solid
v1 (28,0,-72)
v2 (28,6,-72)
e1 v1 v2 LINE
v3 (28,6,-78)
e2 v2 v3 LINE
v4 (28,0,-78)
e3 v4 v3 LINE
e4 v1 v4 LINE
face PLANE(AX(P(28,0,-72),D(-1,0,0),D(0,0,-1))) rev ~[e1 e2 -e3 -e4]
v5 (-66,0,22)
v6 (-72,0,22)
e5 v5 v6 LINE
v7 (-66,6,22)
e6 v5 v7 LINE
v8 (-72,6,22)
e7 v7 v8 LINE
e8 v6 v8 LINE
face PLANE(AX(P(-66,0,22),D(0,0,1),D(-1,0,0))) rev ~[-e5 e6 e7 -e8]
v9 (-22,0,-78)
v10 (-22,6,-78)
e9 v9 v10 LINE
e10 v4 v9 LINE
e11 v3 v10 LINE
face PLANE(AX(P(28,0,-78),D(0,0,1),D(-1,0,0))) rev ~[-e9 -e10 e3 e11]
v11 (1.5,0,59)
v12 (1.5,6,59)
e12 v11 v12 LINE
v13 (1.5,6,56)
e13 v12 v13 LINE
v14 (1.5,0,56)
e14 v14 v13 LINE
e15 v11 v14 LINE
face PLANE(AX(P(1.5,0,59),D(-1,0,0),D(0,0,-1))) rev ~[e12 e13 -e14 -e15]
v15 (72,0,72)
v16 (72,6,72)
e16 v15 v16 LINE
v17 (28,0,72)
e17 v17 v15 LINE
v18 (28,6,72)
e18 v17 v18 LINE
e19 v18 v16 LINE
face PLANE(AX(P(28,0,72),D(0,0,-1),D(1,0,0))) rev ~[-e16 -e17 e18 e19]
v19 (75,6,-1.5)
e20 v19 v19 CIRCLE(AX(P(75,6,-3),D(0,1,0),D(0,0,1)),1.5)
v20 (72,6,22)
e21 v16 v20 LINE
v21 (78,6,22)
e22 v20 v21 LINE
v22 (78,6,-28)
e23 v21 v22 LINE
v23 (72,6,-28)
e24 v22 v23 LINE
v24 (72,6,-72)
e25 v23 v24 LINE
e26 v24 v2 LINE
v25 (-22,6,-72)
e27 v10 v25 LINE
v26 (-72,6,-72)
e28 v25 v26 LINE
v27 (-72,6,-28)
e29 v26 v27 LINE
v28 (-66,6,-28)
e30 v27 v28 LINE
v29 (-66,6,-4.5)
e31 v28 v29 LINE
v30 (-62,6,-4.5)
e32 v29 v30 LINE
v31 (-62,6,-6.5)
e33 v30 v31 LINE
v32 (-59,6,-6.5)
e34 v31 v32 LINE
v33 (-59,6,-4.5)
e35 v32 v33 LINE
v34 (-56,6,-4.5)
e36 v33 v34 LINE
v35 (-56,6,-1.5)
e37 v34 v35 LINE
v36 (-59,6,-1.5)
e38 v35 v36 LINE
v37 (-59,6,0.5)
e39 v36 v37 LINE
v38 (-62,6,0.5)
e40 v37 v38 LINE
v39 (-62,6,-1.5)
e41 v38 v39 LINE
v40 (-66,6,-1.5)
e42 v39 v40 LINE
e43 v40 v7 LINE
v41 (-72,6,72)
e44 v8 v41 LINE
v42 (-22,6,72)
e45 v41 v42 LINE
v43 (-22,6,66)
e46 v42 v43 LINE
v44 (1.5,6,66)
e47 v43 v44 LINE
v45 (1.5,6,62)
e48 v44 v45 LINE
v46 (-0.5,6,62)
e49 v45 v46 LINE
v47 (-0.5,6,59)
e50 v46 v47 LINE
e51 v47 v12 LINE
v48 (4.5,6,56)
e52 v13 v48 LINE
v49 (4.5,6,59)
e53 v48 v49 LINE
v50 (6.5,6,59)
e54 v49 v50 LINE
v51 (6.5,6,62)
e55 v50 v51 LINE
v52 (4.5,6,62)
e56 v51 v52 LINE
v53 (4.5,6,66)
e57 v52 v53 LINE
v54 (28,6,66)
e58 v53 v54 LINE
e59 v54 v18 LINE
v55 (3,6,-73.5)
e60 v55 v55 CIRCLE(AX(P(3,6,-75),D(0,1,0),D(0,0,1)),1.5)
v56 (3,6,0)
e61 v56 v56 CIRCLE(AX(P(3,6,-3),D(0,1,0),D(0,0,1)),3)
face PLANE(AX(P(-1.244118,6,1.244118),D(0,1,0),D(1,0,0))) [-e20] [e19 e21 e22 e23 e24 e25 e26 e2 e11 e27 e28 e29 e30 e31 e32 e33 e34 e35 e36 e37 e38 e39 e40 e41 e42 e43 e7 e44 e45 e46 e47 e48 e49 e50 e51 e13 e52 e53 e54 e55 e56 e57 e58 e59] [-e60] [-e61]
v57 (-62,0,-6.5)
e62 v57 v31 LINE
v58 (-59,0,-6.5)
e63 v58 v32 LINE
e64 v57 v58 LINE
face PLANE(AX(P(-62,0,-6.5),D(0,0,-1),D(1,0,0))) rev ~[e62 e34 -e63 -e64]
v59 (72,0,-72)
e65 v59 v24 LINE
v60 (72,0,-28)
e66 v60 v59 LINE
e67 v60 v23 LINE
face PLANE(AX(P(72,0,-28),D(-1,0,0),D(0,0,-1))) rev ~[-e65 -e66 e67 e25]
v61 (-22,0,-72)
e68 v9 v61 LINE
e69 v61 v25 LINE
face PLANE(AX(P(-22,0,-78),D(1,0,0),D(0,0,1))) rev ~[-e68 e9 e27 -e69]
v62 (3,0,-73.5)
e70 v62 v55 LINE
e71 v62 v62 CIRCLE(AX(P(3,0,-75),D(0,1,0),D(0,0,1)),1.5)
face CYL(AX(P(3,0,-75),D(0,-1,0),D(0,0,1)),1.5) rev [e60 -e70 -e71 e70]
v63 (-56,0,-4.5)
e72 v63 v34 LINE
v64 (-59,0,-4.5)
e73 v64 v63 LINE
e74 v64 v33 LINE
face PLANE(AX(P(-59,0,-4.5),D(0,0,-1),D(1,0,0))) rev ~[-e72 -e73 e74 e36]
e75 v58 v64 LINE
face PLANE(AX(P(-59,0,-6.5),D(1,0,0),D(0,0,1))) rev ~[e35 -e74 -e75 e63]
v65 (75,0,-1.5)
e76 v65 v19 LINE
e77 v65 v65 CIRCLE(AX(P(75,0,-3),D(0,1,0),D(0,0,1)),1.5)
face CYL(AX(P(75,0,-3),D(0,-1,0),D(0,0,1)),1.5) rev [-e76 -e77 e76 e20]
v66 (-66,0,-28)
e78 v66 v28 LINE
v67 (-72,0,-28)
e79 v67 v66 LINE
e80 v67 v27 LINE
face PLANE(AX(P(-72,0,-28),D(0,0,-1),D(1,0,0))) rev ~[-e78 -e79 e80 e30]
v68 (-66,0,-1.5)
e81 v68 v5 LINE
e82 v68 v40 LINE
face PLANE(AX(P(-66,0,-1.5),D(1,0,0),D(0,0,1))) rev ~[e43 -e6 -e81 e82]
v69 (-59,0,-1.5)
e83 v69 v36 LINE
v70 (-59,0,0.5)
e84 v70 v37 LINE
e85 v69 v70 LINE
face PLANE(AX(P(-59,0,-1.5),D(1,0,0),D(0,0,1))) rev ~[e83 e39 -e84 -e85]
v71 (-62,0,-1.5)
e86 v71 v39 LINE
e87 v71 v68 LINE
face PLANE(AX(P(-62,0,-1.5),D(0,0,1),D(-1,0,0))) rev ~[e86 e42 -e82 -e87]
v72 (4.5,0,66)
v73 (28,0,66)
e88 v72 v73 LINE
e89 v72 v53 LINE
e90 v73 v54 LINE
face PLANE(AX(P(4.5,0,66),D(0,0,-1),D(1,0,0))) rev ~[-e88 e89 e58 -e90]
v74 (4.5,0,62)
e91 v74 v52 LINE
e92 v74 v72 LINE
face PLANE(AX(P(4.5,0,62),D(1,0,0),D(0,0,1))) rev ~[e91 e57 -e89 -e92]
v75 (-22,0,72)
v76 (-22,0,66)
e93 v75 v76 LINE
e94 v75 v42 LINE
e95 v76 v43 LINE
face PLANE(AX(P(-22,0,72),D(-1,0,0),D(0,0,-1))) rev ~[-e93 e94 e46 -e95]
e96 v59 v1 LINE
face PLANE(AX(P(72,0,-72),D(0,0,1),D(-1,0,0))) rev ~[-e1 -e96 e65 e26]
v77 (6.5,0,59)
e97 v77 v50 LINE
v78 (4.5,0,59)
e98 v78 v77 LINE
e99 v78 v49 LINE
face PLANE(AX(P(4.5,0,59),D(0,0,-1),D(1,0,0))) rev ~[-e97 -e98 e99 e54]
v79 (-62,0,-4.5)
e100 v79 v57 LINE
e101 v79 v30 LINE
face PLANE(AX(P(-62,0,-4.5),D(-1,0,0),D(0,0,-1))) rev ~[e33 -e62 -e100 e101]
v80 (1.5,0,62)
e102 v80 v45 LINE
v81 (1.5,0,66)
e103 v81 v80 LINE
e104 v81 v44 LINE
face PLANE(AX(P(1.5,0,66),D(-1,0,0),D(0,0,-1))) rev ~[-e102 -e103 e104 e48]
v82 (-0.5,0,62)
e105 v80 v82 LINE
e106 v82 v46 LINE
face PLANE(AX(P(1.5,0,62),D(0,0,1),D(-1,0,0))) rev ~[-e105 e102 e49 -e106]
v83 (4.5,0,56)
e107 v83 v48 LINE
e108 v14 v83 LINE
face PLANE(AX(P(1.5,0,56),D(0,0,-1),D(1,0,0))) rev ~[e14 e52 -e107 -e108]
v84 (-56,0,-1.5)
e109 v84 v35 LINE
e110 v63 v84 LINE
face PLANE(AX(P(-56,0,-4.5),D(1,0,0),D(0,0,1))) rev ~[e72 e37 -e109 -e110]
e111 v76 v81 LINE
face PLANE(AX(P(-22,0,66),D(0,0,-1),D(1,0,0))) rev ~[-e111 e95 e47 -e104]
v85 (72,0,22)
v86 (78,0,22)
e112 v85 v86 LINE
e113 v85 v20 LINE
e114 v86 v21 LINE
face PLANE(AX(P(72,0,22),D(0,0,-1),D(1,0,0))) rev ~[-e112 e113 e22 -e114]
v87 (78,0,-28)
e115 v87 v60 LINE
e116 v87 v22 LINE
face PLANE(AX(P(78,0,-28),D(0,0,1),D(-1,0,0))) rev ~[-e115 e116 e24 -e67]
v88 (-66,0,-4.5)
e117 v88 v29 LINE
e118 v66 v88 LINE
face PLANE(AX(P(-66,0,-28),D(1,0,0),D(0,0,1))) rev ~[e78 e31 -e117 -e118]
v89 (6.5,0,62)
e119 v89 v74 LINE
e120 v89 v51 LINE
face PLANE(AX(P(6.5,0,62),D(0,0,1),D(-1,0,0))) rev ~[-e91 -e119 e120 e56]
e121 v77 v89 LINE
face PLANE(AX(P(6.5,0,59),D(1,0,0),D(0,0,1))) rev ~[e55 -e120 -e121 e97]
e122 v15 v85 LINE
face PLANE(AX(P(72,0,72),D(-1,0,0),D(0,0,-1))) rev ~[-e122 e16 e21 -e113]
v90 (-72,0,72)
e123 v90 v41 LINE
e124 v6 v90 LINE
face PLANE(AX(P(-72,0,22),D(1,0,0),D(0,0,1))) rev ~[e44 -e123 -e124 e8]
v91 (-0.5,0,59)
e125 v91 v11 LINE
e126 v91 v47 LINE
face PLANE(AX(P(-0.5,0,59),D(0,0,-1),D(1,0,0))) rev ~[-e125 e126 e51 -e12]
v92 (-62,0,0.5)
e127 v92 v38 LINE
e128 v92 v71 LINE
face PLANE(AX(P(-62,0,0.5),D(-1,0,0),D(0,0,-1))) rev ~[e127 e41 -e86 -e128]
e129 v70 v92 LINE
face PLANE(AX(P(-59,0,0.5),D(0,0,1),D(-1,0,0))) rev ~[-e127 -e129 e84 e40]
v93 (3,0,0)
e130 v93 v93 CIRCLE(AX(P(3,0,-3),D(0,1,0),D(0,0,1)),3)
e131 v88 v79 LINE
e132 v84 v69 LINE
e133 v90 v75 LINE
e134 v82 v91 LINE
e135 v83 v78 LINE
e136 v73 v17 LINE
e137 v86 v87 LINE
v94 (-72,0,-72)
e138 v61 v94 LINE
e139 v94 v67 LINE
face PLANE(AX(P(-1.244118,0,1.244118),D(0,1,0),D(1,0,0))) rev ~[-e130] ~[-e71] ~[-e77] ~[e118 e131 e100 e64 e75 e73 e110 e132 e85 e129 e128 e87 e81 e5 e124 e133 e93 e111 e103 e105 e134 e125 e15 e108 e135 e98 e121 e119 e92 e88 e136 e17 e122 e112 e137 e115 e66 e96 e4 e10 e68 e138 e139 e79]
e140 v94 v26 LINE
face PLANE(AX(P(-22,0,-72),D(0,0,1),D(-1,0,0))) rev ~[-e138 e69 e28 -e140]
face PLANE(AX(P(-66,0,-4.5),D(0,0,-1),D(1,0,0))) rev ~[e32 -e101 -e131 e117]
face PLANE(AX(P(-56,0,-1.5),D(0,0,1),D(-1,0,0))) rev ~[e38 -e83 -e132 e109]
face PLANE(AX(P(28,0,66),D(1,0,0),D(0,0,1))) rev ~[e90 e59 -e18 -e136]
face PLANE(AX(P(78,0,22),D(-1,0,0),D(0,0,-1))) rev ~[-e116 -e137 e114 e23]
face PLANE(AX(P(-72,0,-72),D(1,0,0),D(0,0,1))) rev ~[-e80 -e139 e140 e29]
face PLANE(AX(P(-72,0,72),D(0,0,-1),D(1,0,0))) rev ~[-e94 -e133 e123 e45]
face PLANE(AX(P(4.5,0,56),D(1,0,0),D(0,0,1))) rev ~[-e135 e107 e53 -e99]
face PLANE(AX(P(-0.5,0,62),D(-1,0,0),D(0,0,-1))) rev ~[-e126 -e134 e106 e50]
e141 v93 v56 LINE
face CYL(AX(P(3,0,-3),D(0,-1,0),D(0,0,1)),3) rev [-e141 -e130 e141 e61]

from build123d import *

# Parameters (mm, degrees)
SKETCH1_R           = 3
SKETCH1_R_2         = 1.5
BOSS_EXTRUDE1_DEPTH = 6


with BuildPart() as part:
    # Sketch1 → Boss-Extrude1 (new body)
    with BuildSketch(Plane(origin=(0, 0, 0), x_dir=(1, 0, 0), z_dir=(0, 1, 0))):
        Polygon((-72, 72), (-72, 28), (-66, 28), (-66, 4.5), (-62, 4.5), (-62, 6.5), (-59, 6.5), (-59, 4.5), (-56, 4.5), (-56, 1.5), (-59, 1.5), (-59, -0.5), (-62, -0.5), (-62, 1.5), (-66, 1.5), (-66, -22), (-72, -22), (-72, -72), (-22, -72), (-22, -66), (1.5, -66), (1.5, -62), (-0.5, -62), (-0.5, -59), (1.5, -59), (1.5, -56), (4.5, -56), (4.5, -59), (6.5, -59), (6.5, -62), (4.5, -62), (4.5, -66), (28, -66), (28, -72), (72, -72), (72, -22), (78, -22), (78, 28), (72, 28), (72, 72), (28, 72), (28, 78), (-22, 78), (-22, 72), align=None)
        with Locations(Location((3, 3, 0), (0, 0, 270))):
            Circle(SKETCH1_R, mode=Mode.SUBTRACT)
        with Locations(Location((3, 75, 0), (0, 0, 270))):
            Circle(SKETCH1_R_2, mode=Mode.SUBTRACT)
        with Locations(Location((75, 3, 0), (0, 0, 270))):
            Circle(SKETCH1_R_2, mode=Mode.SUBTRACT)
    extrude(amount=BOSS_EXTRUDE1_DEPTH)


solid = part.part
